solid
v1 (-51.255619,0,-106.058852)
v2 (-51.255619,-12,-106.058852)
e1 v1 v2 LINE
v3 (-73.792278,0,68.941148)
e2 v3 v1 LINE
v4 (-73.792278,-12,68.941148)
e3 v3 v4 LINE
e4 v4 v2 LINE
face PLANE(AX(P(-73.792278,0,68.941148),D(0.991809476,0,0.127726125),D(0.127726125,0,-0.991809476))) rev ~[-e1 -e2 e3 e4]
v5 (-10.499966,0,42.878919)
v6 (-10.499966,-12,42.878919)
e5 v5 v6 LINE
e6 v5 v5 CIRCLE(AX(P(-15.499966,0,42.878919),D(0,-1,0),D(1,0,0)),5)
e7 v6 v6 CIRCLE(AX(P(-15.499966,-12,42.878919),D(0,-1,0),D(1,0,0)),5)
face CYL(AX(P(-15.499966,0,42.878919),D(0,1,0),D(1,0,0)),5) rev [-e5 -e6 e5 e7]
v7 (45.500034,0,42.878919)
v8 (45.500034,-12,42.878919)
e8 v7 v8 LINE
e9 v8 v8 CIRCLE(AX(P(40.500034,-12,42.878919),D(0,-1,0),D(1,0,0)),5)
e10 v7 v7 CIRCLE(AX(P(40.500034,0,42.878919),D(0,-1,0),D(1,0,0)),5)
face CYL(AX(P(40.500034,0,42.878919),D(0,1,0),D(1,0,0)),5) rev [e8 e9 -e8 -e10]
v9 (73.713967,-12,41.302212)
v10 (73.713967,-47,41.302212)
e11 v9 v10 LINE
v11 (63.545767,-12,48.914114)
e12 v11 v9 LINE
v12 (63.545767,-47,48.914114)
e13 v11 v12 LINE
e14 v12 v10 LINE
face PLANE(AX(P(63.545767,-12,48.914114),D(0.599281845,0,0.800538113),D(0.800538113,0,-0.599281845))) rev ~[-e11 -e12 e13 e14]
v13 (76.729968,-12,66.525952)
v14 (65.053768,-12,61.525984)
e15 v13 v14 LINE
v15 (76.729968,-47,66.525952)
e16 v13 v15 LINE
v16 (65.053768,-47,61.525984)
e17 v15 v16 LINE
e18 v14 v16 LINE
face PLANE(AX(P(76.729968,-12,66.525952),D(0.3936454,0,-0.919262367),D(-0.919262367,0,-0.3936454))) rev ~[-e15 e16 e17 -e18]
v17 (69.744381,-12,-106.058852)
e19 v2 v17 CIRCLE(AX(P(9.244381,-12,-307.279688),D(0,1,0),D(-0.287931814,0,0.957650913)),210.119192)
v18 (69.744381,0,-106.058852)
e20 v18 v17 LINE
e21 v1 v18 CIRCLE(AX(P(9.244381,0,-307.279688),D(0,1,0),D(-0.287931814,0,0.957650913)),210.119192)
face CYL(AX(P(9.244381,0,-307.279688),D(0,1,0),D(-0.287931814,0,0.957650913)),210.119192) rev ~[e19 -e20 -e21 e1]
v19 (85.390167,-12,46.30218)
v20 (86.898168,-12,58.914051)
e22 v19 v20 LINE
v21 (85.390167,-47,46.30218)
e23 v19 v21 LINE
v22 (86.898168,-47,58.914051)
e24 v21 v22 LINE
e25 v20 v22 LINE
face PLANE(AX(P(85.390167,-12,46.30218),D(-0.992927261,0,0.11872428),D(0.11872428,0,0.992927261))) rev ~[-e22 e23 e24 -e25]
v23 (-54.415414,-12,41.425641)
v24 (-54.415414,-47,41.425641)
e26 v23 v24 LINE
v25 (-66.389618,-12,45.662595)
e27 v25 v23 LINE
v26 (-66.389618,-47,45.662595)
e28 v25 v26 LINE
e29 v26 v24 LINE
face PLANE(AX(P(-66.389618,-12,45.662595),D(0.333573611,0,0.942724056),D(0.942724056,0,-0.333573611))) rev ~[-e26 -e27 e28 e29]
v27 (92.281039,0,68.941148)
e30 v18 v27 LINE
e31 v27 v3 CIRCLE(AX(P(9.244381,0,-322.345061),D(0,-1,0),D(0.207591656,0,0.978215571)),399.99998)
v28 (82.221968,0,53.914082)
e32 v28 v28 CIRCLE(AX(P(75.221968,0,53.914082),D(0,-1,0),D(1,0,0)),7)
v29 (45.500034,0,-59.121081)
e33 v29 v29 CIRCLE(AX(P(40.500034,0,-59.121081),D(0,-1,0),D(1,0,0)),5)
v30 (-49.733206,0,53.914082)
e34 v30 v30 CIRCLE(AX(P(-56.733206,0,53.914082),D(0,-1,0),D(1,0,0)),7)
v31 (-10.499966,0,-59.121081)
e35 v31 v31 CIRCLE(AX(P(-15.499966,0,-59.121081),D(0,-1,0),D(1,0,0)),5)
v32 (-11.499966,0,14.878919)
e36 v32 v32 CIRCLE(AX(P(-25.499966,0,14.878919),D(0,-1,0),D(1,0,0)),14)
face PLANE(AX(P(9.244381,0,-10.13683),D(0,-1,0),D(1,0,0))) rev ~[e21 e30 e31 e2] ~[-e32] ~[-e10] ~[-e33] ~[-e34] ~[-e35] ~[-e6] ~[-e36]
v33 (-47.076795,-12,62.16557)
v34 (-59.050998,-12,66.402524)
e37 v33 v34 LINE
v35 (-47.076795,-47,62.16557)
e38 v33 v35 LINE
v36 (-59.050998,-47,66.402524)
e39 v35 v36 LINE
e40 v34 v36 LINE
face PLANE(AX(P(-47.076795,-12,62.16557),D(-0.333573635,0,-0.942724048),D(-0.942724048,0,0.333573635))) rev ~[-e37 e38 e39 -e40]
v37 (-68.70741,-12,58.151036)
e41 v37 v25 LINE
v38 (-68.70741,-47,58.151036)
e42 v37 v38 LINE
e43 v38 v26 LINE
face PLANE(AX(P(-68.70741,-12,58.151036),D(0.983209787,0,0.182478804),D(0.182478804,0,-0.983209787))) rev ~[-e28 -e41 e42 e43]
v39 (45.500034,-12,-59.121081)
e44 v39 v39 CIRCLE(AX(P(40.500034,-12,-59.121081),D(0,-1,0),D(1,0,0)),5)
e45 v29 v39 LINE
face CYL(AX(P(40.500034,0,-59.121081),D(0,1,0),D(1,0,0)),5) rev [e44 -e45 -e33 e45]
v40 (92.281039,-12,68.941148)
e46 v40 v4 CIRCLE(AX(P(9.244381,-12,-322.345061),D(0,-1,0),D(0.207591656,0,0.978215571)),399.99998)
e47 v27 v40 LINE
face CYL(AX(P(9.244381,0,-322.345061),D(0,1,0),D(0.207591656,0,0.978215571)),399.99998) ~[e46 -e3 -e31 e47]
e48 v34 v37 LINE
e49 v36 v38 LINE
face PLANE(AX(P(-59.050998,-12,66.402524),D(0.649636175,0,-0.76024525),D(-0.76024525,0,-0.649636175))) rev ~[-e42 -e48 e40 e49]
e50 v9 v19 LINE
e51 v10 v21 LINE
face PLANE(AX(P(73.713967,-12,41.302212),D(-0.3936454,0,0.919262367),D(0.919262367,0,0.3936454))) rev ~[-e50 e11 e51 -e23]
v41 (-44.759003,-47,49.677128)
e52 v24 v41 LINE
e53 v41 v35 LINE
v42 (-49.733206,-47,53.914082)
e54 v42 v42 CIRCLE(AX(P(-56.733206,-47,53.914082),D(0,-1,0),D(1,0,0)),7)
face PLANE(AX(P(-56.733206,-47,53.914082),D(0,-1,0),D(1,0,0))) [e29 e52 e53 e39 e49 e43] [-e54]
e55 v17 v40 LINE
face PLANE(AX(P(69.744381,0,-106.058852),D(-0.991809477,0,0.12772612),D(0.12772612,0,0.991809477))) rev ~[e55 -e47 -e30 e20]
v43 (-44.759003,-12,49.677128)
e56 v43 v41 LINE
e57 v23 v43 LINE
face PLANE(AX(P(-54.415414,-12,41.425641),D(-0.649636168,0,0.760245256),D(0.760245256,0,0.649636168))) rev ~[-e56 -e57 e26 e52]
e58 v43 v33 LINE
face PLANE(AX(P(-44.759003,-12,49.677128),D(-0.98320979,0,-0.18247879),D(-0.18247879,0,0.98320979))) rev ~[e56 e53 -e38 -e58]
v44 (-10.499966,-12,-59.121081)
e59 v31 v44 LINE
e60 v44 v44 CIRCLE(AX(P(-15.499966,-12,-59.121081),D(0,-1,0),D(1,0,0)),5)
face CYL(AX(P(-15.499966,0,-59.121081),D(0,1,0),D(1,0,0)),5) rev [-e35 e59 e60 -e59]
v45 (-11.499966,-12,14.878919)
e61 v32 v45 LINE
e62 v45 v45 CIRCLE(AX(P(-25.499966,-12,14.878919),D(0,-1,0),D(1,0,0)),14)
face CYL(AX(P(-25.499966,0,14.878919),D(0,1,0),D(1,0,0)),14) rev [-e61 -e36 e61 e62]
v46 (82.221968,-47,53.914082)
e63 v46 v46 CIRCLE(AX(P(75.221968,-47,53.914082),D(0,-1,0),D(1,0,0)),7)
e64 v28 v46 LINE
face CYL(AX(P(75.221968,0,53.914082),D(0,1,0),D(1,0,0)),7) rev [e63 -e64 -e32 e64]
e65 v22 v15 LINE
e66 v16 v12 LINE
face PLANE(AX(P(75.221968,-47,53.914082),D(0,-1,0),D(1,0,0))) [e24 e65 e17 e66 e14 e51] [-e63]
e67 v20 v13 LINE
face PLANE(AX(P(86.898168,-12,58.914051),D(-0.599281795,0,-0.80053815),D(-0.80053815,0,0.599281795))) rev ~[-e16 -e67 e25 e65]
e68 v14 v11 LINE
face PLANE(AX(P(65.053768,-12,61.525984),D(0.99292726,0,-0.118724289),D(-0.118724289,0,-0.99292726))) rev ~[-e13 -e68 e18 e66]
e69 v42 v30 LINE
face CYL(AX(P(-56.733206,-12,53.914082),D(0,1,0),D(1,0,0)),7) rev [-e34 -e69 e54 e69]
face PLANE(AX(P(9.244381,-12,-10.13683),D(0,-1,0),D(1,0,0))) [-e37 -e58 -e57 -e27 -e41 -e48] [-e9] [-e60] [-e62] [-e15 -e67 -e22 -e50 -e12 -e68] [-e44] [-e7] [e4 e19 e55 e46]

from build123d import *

# Parameters (mm, degrees)
F0_R     = 5
F0_R_2   = 14
F0_R_3   = 7
F1_DEPTH = 12
F2_R     = 7
F3_DEPTH = 35


with BuildPart() as f1:
    # F0 (on Front) → F1 (new body)
    with BuildSketch(Plane.XZ):
        with BuildLine():
            ThreePointArc((92.281039, 68.941148), (9.244381, 77.654919), (-73.792278, 68.941148))
            Line((-73.792278, 68.941148), (-51.255619, -106.058852))
            ThreePointArc((-51.255619, -106.058852), (9.244381, -97.160496), (69.744381, -106.058852))
            Line((69.744381, -106.058852), (92.281039, 68.941148))
        make_face()
        with Locations((-15.499966, -59.121081)):
            Circle(F0_R, mode=Mode.SUBTRACT)
        with Locations((40.500034, -59.121081)):
            Circle(F0_R, mode=Mode.SUBTRACT)
        with Locations((-25.499966, 14.878919)):
            Circle(F0_R_2, mode=Mode.SUBTRACT)
        with Locations((-56.733206, 53.914082)):
            Circle(F0_R_3, mode=Mode.SUBTRACT)
        with Locations((-15.499966, 42.878919)):
            Circle(F0_R, mode=Mode.SUBTRACT)
        with Locations((40.500034, 42.878919)):
            Circle(F0_R, mode=Mode.SUBTRACT)
        with Locations((75.221968, 53.914082)):
            Circle(F0_R_3, mode=Mode.SUBTRACT)
    extrude(amount=F1_DEPTH)

    # F2 (on face) → F3 (join)
    with BuildSketch(Plane.XZ.offset(12)):
        Polygon((-44.759003, 49.677128), (-47.076795, 62.16557), (-59.050998, 66.402524), (-68.70741, 58.151036), (-66.389618, 45.662595), (-54.415414, 41.425641), align=None)
        with Locations((-56.733206, 53.914082)):
            Circle(F2_R, mode=Mode.SUBTRACT)
        Polygon((76.729968, 66.525952), (65.053768, 61.525984), (63.545767, 48.914114), (73.713967, 41.302212), (85.390167, 46.30218), (86.898168, 58.914051), align=None)
        with Locations((75.221968, 53.914082)):
            Circle(F2_R, mode=Mode.SUBTRACT)
    extrude(amount=F3_DEPTH)


solid = f1.part
